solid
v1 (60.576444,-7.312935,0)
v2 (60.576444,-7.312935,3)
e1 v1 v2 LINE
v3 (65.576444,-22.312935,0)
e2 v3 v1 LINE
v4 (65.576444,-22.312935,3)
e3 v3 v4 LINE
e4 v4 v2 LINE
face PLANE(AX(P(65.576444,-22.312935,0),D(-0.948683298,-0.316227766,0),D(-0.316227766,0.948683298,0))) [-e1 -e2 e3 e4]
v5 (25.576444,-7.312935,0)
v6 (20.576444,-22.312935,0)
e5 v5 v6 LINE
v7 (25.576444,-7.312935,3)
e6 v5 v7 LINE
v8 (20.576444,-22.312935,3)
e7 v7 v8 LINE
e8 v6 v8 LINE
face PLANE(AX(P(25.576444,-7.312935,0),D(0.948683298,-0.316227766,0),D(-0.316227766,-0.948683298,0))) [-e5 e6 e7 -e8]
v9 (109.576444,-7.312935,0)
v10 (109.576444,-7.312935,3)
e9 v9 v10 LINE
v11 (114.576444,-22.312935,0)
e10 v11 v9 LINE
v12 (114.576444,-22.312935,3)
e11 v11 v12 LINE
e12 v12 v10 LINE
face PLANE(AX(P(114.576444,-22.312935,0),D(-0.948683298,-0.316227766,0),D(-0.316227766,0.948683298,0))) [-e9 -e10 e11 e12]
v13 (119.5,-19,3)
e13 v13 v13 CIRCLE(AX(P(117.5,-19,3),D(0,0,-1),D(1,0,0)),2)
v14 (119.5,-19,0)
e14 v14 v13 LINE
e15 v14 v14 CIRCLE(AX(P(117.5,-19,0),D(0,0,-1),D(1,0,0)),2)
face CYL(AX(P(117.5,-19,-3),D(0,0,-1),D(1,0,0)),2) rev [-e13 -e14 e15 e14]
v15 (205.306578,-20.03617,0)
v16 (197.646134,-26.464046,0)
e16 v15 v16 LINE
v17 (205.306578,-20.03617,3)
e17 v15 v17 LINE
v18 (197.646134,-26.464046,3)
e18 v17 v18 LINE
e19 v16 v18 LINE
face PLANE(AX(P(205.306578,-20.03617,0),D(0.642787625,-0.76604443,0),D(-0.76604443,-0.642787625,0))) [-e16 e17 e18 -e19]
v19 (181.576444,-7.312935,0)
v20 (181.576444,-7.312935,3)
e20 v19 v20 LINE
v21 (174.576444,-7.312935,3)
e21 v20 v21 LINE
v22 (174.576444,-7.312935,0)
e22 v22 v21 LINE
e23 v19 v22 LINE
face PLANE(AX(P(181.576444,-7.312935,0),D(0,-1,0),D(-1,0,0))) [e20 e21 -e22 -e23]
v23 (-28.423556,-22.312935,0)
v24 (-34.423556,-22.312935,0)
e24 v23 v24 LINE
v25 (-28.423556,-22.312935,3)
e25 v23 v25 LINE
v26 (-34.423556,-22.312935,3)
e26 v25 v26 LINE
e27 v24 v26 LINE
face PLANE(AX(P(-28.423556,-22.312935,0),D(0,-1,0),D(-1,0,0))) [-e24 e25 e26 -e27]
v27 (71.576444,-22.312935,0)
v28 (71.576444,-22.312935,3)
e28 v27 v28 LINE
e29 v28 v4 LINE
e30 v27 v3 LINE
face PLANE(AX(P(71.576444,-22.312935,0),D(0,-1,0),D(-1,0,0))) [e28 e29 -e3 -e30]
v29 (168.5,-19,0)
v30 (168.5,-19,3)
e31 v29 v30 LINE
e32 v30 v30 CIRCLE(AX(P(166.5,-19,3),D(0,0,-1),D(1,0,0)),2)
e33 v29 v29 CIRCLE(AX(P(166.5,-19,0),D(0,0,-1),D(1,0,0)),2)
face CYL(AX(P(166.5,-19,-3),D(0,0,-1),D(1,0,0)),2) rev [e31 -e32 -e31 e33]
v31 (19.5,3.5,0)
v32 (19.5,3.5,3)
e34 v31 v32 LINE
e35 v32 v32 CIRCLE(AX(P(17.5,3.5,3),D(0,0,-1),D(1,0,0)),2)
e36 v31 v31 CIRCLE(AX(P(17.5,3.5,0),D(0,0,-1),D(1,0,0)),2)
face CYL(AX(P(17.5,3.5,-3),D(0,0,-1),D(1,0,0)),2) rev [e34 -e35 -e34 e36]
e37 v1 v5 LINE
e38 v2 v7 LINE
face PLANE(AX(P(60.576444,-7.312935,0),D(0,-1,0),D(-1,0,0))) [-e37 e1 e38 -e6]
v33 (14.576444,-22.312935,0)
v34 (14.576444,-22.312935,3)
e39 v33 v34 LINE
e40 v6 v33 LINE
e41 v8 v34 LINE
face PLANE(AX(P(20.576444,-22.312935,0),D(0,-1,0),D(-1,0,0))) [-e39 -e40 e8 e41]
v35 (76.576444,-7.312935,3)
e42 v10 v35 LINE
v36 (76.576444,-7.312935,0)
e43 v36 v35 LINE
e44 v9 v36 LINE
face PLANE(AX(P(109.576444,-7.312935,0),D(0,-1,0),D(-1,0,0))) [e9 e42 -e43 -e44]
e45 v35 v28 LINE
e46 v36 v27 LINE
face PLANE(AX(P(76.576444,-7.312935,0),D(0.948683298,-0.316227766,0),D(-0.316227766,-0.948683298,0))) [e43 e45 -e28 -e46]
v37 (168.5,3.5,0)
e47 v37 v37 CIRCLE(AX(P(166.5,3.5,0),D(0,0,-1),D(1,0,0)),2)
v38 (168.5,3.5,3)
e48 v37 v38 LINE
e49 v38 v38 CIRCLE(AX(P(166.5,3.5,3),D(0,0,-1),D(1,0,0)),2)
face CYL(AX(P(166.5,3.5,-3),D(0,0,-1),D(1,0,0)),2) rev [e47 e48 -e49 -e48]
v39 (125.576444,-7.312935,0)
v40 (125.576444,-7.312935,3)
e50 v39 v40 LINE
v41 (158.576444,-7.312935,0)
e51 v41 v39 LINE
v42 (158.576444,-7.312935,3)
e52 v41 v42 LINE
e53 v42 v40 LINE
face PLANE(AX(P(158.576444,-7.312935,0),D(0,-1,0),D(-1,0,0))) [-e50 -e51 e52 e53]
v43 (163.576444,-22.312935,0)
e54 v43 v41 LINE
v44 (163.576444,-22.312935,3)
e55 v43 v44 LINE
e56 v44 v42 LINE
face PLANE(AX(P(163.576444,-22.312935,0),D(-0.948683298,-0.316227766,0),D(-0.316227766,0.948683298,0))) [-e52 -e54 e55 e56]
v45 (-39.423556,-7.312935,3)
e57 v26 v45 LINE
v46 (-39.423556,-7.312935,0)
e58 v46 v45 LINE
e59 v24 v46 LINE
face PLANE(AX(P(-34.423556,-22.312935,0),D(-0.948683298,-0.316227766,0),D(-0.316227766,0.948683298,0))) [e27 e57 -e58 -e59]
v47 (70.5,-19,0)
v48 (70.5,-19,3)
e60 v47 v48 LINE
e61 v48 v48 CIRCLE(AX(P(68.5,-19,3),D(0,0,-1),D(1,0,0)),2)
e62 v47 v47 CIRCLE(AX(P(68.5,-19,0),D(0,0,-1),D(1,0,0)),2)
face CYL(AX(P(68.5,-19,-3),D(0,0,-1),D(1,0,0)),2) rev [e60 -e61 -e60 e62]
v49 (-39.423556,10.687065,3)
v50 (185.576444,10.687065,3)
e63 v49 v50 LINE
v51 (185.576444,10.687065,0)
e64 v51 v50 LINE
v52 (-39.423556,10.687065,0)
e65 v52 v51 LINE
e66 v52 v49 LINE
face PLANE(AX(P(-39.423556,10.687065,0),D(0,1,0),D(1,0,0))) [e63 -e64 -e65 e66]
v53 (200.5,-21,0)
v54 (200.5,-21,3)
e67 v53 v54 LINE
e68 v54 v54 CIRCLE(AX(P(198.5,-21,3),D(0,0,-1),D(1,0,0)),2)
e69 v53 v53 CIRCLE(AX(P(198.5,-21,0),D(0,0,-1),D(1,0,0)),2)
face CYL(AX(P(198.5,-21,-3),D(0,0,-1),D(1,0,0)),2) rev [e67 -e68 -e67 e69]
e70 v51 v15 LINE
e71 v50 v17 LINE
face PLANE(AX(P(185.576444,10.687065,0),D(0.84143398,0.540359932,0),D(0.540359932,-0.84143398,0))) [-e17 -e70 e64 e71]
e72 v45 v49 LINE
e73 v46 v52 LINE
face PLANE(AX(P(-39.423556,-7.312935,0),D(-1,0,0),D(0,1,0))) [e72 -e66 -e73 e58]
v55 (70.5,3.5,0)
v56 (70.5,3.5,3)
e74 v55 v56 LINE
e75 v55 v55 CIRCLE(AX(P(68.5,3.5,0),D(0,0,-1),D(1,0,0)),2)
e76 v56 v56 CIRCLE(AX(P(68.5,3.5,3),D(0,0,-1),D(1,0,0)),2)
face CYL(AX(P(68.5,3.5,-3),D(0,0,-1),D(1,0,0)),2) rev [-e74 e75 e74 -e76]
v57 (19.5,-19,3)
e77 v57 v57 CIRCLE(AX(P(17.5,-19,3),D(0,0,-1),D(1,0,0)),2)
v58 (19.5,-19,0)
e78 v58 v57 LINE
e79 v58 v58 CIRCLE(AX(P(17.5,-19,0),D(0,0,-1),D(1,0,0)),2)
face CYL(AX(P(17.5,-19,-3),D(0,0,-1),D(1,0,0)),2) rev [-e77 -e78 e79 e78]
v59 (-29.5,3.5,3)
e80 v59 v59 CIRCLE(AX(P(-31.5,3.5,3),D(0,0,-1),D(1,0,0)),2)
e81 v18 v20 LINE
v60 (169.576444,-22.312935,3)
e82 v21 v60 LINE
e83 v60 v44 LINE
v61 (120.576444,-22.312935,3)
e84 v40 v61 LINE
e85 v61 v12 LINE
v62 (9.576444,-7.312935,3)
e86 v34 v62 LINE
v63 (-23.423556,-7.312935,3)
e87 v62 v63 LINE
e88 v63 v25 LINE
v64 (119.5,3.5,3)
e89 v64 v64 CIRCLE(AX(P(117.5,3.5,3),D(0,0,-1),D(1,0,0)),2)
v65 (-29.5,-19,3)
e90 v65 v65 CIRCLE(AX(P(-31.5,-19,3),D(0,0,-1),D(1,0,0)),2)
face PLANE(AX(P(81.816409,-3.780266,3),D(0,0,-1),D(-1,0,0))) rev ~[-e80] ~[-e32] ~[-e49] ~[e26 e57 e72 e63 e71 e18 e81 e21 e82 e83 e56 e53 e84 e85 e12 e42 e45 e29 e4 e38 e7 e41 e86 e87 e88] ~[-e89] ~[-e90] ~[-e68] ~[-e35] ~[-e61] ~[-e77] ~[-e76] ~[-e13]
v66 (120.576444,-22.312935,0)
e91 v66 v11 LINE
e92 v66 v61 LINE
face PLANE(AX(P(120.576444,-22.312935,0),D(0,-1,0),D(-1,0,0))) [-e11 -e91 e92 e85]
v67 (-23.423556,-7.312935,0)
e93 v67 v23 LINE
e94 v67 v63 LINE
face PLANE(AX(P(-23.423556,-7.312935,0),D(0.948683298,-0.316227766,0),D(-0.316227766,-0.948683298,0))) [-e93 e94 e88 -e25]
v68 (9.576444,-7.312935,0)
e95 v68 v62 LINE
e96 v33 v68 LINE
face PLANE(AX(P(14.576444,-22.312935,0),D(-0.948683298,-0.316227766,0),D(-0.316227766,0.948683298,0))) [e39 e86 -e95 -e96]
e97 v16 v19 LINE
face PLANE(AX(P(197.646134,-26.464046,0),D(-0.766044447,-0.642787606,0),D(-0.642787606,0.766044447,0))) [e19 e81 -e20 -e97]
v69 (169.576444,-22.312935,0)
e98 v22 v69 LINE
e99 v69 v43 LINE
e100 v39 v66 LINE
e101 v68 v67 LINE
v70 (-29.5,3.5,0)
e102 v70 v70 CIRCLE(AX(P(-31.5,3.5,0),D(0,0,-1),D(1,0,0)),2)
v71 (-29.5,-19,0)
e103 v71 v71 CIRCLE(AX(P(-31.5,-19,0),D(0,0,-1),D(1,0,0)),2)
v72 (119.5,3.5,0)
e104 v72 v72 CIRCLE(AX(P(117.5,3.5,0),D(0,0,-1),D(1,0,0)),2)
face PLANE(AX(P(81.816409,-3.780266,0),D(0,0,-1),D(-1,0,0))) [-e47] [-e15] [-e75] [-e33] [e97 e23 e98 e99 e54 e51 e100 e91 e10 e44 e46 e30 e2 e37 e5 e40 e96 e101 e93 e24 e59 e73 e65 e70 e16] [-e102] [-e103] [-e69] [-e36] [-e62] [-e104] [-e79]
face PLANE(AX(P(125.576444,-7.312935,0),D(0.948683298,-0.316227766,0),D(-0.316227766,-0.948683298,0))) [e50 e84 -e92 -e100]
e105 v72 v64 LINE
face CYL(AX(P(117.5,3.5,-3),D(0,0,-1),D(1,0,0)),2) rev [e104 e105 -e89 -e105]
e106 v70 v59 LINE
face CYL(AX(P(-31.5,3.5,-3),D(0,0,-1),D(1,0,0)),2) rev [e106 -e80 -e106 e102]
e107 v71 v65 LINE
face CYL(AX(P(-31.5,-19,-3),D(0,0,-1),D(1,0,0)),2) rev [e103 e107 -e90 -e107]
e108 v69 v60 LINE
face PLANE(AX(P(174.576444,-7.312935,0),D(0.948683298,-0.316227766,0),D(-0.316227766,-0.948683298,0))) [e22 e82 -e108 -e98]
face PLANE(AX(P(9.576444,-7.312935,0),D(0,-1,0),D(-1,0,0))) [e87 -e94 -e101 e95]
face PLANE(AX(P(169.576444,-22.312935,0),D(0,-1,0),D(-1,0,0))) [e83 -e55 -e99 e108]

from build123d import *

# Parameters (mm, degrees)
CYLINDER007_R     = 2
CYLINDER007_DEPTH = 10
CYLINDER008_R     = 2
CYLINDER008_DEPTH = 10
CYLINDER009_R     = 2
CYLINDER009_DEPTH = 10
CYLINDER010_R     = 2
CYLINDER010_DEPTH = 10
CYLINDER006_R     = 2
CYLINDER006_DEPTH = 10
CYLINDER001_R     = 2
CYLINDER001_DEPTH = 10
CYLINDER005_R     = 2
CYLINDER005_DEPTH = 10
CYLINDER004_R     = 2
CYLINDER004_DEPTH = 10
CYLINDER003_R     = 2
CYLINDER003_DEPTH = 10
CYLINDER002_R     = 2
CYLINDER002_DEPTH = 10
CYLINDER_R        = 2
CYLINDER_DEPTH    = 10
PAD_DEPTH         = 3


with BuildPart() as cylinder007:
    # Cylinder007 → Cylinder007 (new body)
    with BuildSketch(Plane(origin=(117.5, 3.5, -3), x_dir=(1, 0, 0), z_dir=(0, 0, 1))):
        Circle(CYLINDER007_R)
    extrude(amount=CYLINDER007_DEPTH)


with BuildPart() as cylinder008:
    # Cylinder008 → Cylinder008 (new body)
    with BuildSketch(Plane(origin=(68.5, 3.5, -3), x_dir=(1, 0, 0), z_dir=(0, 0, 1))):
        Circle(CYLINDER008_R)
    extrude(amount=CYLINDER008_DEPTH)


with BuildPart() as cylinder009:
    # Cylinder009 → Cylinder009 (new body)
    with BuildSketch(Plane(origin=(17.5, 3.5, -3), x_dir=(1, 0, 0), z_dir=(0, 0, 1))):
        Circle(CYLINDER009_R)
    extrude(amount=CYLINDER009_DEPTH)


with BuildPart() as cylinder010:
    # Cylinder010 → Cylinder010 (new body)
    with BuildSketch(Plane(origin=(-31.5, 3.5, -3), x_dir=(1, 0, 0), z_dir=(0, 0, 1))):
        Circle(CYLINDER010_R)
    extrude(amount=CYLINDER010_DEPTH)


with BuildPart() as cylinder006:
    # Cylinder006 → Cylinder006 (new body)
    with BuildSketch(Plane(origin=(166.5, 3.5, -3), x_dir=(1, 0, 0), z_dir=(0, 0, 1))):
        Circle(CYLINDER006_R)
    extrude(amount=CYLINDER006_DEPTH)


with BuildPart() as cylinder001:
    # Cylinder001 → Cylinder001 (new body)
    with BuildSketch(Plane(origin=(166.5, -19, -3), x_dir=(1, 0, 0), z_dir=(0, 0, 1))):
        Circle(CYLINDER001_R)
    extrude(amount=CYLINDER001_DEPTH)


with BuildPart() as cylinder005:
    # Cylinder005 → Cylinder005 (new body)
    with BuildSketch(Plane(origin=(198.5, -21, -3), x_dir=(1, 0, 0), z_dir=(0, 0, 1))):
        Circle(CYLINDER005_R)
    extrude(amount=CYLINDER005_DEPTH)


with BuildPart() as cylinder004:
    # Cylinder004 → Cylinder004 (new body)
    with BuildSketch(Plane(origin=(-31.5, -19, -3), x_dir=(1, 0, 0), z_dir=(0, 0, 1))):
        Circle(CYLINDER004_R)
    extrude(amount=CYLINDER004_DEPTH)


with BuildPart() as cylinder003:
    # Cylinder003 → Cylinder003 (new body)
    with BuildSketch(Plane(origin=(68.5, -19, -3), x_dir=(1, 0, 0), z_dir=(0, 0, 1))):
        Circle(CYLINDER003_R)
    extrude(amount=CYLINDER003_DEPTH)


with BuildPart() as cylinder002:
    # Cylinder002 → Cylinder002 (new body)
    with BuildSketch(Plane(origin=(117.5, -19, -3), x_dir=(1, 0, 0), z_dir=(0, 0, 1))):
        Circle(CYLINDER002_R)
    extrude(amount=CYLINDER002_DEPTH)


with BuildPart() as cylinder:
    # Cylinder → Cylinder (new body)
    with BuildSketch(Plane(origin=(17.5, -19, -3), x_dir=(1, 0, 0), z_dir=(0, 0, 1))):
        Circle(CYLINDER_R)
    extrude(amount=CYLINDER_DEPTH)


with BuildPart() as cut010:
    # Sketch → Pad (new body)
    with BuildSketch(Plane.XY):
        Polygon((-39.423556, 10.687065), (185.576444, 10.687065), (205.306578, -20.03617), (197.646134, -26.464046), (181.576444, -7.312935), (174.576444, -7.312935), (169.576444, -22.312935), (163.576444, -22.312935), (158.576444, -7.312935), (125.576444, -7.312935), (120.576444, -22.312935), (114.576444, -22.312935), (109.576444, -7.312935), (76.576444, -7.312935), (71.576444, -22.312935), (65.576444, -22.312935), (60.576444, -7.312935), (25.576444, -7.312935), (20.576444, -22.312935), (14.576444, -22.312935), (9.576444, -7.312935), (-23.423556, -7.312935), (-28.423556, -22.312935), (-34.423556, -22.312935), (-39.423556, -7.312935), align=None)
    extrude(amount=PAD_DEPTH)

    # Cut: cut Cylinder
    add(cylinder.part, mode=Mode.SUBTRACT)

    # Cut001: cut Cylinder002
    add(cylinder002.part, mode=Mode.SUBTRACT)

    # Cut002: cut Cylinder003
    add(cylinder003.part, mode=Mode.SUBTRACT)

    # Cut003: cut Cylinder004
    add(cylinder004.part, mode=Mode.SUBTRACT)

    # Cut004: cut Cylinder005
    add(cylinder005.part, mode=Mode.SUBTRACT)

    # Cut005: cut Cylinder001
    add(cylinder001.part, mode=Mode.SUBTRACT)

    # Cut006: cut Cylinder006
    add(cylinder006.part, mode=Mode.SUBTRACT)

    # Cut007: cut Cylinder010
    add(cylinder010.part, mode=Mode.SUBTRACT)

    # Cut008: cut Cylinder009
    add(cylinder009.part, mode=Mode.SUBTRACT)

    # Cut009: cut Cylinder008
    add(cylinder008.part, mode=Mode.SUBTRACT)

    # Cut010: cut Cylinder007
    add(cylinder007.part, mode=Mode.SUBTRACT)


solid = cut010.part
